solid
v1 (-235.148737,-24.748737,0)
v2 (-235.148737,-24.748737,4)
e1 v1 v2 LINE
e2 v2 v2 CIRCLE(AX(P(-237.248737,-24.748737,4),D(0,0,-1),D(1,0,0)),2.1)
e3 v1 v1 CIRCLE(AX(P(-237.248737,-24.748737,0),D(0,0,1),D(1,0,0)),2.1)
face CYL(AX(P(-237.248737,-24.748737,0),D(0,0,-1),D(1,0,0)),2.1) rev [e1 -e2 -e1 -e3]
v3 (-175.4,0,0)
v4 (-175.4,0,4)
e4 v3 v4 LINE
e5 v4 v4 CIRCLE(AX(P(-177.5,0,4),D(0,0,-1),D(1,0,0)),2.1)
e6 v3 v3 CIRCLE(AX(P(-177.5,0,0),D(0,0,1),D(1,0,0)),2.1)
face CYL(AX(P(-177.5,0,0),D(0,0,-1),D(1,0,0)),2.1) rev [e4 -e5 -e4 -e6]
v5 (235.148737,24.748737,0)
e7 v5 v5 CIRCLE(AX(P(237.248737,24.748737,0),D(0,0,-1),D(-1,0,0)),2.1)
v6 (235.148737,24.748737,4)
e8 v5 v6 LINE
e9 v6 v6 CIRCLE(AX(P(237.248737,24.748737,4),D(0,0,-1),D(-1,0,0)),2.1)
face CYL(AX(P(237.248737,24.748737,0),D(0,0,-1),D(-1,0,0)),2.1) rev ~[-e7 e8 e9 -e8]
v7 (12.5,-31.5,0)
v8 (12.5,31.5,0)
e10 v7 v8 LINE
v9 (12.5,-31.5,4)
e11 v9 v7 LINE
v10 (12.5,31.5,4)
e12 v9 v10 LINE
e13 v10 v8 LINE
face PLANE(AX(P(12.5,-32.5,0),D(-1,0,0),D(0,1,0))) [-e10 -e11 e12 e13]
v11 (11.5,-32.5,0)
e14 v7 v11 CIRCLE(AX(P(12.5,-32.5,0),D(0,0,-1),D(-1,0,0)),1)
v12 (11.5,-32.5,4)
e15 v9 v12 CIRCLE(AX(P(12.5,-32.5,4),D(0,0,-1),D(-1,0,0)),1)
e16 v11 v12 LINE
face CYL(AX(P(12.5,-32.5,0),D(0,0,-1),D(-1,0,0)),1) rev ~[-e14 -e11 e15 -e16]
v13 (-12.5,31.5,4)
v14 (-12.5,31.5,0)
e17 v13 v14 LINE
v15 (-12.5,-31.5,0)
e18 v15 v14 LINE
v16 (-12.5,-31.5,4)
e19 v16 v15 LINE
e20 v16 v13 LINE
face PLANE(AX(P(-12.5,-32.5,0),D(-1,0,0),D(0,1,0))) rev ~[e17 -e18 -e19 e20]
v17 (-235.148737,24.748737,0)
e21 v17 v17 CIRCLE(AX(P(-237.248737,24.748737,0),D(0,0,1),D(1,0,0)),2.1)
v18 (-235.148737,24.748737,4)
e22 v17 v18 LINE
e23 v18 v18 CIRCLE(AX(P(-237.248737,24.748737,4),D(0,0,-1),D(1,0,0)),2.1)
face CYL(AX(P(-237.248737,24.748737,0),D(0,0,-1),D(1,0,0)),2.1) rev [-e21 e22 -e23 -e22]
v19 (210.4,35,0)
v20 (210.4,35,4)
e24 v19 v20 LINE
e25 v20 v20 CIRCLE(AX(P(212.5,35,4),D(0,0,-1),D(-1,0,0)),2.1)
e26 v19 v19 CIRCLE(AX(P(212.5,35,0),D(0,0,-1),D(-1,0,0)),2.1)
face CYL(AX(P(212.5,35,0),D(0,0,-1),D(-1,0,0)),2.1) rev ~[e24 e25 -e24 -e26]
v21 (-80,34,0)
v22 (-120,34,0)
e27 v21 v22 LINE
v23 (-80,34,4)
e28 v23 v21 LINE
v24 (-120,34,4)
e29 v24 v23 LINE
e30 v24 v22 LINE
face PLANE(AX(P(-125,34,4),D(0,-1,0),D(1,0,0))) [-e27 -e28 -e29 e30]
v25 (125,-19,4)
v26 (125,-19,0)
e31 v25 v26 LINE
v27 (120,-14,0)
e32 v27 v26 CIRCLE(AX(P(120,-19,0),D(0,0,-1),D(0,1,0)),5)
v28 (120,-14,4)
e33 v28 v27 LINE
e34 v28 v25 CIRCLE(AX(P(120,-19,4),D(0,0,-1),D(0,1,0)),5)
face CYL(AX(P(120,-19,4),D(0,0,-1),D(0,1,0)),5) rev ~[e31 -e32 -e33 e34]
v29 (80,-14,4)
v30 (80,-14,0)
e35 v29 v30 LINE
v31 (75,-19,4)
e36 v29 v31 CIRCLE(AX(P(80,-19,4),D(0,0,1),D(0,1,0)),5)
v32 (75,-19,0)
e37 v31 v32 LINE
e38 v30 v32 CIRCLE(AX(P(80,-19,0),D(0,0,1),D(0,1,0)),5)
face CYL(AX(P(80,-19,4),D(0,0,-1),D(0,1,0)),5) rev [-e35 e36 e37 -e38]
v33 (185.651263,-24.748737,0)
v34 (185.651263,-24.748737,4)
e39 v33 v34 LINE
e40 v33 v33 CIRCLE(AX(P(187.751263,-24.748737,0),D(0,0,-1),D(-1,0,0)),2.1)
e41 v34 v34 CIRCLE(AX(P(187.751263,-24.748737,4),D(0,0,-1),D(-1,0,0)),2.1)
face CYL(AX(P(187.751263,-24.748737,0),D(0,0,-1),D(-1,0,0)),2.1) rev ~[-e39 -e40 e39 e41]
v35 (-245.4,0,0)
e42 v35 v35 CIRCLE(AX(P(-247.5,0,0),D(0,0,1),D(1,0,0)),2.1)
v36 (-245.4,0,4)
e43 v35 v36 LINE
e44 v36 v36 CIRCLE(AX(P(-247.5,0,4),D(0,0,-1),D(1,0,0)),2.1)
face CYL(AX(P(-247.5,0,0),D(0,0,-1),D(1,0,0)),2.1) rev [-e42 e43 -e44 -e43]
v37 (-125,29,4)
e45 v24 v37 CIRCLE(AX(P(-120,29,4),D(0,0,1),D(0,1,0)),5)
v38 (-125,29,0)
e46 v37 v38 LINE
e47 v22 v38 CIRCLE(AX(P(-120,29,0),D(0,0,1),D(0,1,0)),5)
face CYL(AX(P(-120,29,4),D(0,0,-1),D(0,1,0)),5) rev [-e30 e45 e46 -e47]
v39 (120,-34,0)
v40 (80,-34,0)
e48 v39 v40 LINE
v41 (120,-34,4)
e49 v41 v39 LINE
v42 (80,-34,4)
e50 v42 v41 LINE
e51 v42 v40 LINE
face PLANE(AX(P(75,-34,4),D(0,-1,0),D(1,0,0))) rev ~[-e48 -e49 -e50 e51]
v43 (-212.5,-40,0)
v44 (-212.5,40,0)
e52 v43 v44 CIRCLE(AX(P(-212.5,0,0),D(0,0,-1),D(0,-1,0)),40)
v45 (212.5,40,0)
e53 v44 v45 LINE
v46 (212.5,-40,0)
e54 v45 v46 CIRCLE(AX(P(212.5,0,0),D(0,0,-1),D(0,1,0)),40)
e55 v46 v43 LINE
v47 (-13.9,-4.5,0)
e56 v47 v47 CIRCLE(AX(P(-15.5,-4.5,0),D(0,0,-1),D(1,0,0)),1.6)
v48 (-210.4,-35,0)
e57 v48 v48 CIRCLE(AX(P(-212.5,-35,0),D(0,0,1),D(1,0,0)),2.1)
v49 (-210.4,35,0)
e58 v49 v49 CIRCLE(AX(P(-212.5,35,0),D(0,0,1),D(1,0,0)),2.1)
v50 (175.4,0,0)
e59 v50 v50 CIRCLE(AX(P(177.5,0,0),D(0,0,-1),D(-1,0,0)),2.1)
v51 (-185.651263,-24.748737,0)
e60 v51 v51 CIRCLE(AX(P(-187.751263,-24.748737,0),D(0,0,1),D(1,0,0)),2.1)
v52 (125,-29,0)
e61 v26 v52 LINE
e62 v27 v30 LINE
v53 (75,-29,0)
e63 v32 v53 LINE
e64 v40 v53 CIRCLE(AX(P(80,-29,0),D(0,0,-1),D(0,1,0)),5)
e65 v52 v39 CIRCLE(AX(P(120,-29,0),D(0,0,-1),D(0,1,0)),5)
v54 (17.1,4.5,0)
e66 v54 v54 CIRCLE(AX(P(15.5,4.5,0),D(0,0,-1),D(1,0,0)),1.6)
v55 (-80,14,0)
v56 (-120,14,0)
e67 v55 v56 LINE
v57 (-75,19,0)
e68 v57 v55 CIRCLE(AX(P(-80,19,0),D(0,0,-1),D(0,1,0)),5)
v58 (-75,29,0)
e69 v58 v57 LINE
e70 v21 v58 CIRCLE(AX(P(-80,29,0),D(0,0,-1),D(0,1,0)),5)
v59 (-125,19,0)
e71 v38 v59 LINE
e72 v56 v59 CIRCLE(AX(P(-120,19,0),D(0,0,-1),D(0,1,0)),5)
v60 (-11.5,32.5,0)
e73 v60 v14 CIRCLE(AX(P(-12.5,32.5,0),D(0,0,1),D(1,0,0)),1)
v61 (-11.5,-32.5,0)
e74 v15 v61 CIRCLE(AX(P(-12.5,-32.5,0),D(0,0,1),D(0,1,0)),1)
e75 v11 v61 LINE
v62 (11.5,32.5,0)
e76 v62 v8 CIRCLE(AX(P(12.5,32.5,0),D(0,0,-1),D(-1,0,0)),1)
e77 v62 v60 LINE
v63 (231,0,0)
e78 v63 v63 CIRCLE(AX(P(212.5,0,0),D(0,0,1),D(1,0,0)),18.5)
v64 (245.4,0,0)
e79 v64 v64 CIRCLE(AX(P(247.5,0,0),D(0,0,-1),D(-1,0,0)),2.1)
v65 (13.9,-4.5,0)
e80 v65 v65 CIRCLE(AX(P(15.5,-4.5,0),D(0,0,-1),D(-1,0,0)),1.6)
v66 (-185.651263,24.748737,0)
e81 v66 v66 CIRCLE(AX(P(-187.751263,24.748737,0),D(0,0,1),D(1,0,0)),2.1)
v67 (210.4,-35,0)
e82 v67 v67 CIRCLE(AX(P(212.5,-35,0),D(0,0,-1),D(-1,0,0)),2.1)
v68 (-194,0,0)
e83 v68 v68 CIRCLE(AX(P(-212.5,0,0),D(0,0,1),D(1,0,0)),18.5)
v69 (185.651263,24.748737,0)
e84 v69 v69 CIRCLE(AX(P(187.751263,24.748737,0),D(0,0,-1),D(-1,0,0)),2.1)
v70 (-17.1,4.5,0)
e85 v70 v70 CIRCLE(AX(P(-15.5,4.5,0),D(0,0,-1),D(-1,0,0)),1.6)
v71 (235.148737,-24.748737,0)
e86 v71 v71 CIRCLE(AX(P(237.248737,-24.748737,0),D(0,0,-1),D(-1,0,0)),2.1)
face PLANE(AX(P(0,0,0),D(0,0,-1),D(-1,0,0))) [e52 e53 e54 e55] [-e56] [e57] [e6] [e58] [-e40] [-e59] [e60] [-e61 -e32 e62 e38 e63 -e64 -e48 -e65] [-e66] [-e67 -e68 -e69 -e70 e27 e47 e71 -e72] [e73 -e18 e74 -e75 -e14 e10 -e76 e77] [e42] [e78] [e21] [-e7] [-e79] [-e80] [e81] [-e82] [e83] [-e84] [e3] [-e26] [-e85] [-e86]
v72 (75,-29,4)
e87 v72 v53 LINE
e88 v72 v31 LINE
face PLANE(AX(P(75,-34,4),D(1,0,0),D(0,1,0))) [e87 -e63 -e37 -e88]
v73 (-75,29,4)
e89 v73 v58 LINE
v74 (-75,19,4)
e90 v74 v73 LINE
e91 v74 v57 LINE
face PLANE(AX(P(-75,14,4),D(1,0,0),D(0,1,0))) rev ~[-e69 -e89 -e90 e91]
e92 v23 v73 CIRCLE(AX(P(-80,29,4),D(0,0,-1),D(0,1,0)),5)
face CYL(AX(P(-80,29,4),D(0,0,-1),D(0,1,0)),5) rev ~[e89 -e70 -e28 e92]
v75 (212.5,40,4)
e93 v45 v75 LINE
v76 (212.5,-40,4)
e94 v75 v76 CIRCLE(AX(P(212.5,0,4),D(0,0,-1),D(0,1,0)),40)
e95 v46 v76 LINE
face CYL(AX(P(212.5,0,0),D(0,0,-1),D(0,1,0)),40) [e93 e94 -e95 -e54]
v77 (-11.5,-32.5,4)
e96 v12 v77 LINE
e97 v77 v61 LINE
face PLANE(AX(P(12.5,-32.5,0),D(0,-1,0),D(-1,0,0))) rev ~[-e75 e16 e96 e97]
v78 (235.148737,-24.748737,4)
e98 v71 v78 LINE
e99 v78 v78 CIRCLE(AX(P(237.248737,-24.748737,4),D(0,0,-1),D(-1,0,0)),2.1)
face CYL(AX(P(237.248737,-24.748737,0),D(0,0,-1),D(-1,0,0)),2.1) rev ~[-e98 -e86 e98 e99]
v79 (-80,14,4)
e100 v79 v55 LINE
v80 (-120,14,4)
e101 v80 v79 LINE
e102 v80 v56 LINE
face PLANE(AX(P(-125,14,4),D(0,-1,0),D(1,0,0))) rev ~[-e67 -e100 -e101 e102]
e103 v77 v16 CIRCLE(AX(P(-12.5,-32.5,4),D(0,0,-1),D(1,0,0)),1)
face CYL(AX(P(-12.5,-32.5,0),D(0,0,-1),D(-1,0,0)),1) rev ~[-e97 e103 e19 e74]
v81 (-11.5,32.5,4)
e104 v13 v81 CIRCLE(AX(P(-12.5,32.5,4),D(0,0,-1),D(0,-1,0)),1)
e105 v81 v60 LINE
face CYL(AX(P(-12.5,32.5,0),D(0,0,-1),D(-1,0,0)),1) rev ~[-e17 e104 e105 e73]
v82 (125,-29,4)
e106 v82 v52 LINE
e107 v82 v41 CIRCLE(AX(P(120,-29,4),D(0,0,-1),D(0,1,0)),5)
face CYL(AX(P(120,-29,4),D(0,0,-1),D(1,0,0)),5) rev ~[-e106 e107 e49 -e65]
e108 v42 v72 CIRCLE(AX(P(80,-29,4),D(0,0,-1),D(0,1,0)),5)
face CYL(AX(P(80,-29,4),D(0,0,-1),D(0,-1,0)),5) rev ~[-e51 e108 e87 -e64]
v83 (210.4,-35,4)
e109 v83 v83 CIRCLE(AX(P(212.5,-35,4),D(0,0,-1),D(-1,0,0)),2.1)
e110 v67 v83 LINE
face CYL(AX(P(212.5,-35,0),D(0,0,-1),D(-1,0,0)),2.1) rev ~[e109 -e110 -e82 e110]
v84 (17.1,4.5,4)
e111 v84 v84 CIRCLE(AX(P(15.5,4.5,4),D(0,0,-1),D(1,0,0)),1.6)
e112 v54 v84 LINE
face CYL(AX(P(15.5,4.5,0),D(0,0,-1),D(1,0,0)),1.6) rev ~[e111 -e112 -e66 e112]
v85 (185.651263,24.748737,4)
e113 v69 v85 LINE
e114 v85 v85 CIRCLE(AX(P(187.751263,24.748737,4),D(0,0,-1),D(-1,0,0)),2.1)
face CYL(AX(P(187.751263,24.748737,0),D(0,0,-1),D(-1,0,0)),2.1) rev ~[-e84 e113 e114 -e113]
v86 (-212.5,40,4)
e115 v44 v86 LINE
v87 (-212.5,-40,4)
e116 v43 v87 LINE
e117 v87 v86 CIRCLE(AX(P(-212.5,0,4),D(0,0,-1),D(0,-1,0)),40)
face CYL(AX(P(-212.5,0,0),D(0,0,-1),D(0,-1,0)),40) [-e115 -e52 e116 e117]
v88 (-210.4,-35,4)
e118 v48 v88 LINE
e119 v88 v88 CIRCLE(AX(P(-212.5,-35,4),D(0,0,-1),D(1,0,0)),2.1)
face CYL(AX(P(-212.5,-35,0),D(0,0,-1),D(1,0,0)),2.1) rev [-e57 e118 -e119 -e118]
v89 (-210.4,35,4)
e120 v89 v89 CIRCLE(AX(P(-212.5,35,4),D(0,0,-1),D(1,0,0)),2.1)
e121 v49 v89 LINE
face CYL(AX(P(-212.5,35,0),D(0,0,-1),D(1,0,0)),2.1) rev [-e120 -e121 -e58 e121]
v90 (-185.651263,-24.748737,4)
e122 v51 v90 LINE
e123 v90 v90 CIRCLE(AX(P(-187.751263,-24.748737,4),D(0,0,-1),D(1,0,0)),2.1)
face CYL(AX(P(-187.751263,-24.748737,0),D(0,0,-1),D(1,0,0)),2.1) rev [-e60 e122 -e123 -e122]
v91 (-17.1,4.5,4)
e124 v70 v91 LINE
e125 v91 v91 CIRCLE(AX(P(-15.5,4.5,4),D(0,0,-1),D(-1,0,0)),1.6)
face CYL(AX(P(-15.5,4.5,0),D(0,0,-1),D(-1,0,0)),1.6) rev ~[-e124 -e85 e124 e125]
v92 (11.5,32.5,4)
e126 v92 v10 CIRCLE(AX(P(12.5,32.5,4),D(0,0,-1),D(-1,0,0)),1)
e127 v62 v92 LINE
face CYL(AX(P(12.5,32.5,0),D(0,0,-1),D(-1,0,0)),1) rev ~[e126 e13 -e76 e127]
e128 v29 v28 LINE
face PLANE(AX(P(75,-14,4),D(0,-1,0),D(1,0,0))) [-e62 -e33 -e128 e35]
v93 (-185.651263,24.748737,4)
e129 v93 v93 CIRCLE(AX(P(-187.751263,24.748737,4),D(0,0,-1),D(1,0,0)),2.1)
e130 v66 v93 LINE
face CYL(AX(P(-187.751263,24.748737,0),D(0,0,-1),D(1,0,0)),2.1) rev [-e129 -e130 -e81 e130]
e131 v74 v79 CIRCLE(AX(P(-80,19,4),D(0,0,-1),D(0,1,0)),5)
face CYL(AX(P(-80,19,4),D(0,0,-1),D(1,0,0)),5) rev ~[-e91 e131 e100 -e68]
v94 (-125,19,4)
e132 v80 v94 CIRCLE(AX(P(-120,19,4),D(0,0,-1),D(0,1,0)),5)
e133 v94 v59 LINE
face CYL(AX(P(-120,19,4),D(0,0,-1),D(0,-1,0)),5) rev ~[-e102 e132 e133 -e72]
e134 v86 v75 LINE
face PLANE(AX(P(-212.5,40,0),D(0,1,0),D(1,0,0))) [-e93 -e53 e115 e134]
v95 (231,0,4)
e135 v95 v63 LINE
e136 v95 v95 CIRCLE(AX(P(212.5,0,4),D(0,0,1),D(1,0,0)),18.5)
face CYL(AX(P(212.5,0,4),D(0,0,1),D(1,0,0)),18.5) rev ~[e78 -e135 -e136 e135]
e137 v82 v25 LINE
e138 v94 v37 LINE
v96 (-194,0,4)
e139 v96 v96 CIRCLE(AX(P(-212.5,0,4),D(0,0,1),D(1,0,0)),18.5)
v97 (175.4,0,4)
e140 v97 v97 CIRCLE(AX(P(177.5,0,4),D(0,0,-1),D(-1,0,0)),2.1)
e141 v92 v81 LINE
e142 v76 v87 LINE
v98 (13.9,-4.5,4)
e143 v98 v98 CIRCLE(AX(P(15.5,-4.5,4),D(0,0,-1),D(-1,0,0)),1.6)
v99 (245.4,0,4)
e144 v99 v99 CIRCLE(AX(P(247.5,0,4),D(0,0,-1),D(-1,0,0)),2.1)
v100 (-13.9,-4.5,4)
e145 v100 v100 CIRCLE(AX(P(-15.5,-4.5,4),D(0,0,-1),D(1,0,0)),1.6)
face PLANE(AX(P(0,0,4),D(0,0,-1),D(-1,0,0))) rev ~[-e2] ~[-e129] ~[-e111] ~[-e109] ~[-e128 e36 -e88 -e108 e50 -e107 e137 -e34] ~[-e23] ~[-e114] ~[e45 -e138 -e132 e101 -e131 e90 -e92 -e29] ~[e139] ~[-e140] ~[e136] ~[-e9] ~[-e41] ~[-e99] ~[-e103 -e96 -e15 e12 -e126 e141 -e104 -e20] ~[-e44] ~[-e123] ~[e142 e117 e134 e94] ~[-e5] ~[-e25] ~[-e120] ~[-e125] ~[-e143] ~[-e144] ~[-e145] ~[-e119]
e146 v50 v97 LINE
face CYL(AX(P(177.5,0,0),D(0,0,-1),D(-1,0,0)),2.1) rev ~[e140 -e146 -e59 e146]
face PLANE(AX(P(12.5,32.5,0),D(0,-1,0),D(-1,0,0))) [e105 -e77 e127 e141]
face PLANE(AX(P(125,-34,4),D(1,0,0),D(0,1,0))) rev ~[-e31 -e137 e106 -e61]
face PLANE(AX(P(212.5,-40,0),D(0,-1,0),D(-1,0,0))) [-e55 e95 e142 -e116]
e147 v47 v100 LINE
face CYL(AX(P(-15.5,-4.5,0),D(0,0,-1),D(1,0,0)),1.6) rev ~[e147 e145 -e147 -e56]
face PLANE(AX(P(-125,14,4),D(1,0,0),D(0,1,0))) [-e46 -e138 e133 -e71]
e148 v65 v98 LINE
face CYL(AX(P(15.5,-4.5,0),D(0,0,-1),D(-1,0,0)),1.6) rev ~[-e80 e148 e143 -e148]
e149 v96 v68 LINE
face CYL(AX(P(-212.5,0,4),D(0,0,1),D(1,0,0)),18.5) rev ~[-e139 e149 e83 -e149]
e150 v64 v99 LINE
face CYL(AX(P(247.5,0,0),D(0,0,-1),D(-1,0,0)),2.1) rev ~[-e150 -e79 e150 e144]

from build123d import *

# Parameters (mm, degrees)
EXTRUDE_1_DEPTH     = 4
SKETCH_3_R          = 18.5
CUT_EXTRUDE_2_DEPTH = 256.679975751
SKETCH_6_R          = 2.1
CUT_EXTRUDE_5_DEPTH = 256.679975751
SKETCH_7_W          = 25
SKETCH_7_H          = 65
CUT_EXTRUDE_6_DEPTH = 256.679975751
SKETCH_8_R          = 1
CUT_EXTRUDE_7_DEPTH = 256.679975751
SKETCH_9_R          = 1.6
CUT_EXTRUDE_8_DEPTH = 256.679975751
SKETCH_10_W         = 50
SKETCH_10_H         = 20
CUT_EXTRUDE_9_DEPTH = 256.679975751
FILLET_2_R          = 5


with BuildPart() as part:
    # 草图1 → 凸台-拉伸1 (new body)
    with BuildSketch(Plane.XY):
        with BuildLine():
            Line((-212.5, 40), (212.5, 40))
            ThreePointArc((212.5, 40), (252.5, 0), (212.5, -40))
            Line((212.5, -40), (-212.5, -40))
            ThreePointArc((-212.5, -40), (-252.5, 0), (-212.5, 40))
        make_face()
    extrude(amount=EXTRUDE_1_DEPTH)

    # 草图3 → 切除-拉伸2 (cut, through all)
    with BuildSketch(Plane.XY.offset(4)):
        with Locations((-212.5, 0)):
            Circle(SKETCH_3_R)
        with Locations((212.5, 0)):
            Circle(SKETCH_3_R)
    extrude(amount=-CUT_EXTRUDE_2_DEPTH, mode=Mode.SUBTRACT)

    # 草图6 → 切除-拉伸5 (cut, through all)
    with BuildSketch(Plane(origin=(0, 0, 0), x_dir=(-1, 0, 0), z_dir=(0, 0, -1))):
        with Locations((-247.5, 0)):
            Circle(SKETCH_6_R)
        with Locations((-237.248737342, 24.748737342)):
            Circle(SKETCH_6_R)
        with Locations((-212.5, 35)):
            Circle(SKETCH_6_R)
        with Locations((-187.751262658, 24.748737342)):
            Circle(SKETCH_6_R)
        with Locations((-177.5, 0)):
            Circle(SKETCH_6_R)
        with Locations((-187.751262658, -24.748737342)):
            Circle(SKETCH_6_R)
        with Locations((-212.5, -35)):
            Circle(SKETCH_6_R)
        with Locations((-237.248737342, -24.748737342)):
            Circle(SKETCH_6_R)
    cut_extrude_5 = extrude(amount=-CUT_EXTRUDE_5_DEPTH, mode=Mode.SUBTRACT)

    # 镜向1: 切除-拉伸5 across plane
    add(cut_extrude_5.mirror(Plane(origin=(0, 0, 0), x_dir=(0, 0, 1), z_dir=(1, 0, 0))), mode=Mode.SUBTRACT)

    # 草图7 → 切除-拉伸6 (cut, through all)
    with BuildSketch(Plane(origin=(0, 0, 0), x_dir=(-1, 0, 0), z_dir=(0, 0, -1))):
        Rectangle(SKETCH_7_W, SKETCH_7_H)
    extrude(amount=-CUT_EXTRUDE_6_DEPTH, mode=Mode.SUBTRACT)

    # 草图8 → 切除-拉伸7 (cut, through all)
    with BuildSketch(Plane(origin=(0, 0, 0), x_dir=(-1, 0, 0), z_dir=(0, 0, -1))):
        with Locations((-12.5, 32.5)):
            Circle(SKETCH_8_R)
        with Locations((12.5, 32.5)):
            Circle(SKETCH_8_R)
        with Locations((-12.5, -32.5)):
            Circle(SKETCH_8_R)
        with Locations((12.5, -32.5)):
            Circle(SKETCH_8_R)
    extrude(amount=-CUT_EXTRUDE_7_DEPTH, mode=Mode.SUBTRACT)

    # 草图9 → 切除-拉伸8 (cut, through all)
    with BuildSketch(Plane(origin=(0, 0, 0), x_dir=(-1, 0, 0), z_dir=(0, 0, -1))):
        with Locations((-15.5, -4.5)):
            Circle(SKETCH_9_R)
        with Locations(Location((-15.5, 4.5, 0), (0, 0, 180))):
            Circle(SKETCH_9_R)
        with Locations(Location((15.5, -4.5, 0), (0, 0, 180))):
            Circle(SKETCH_9_R)
        with Locations((15.5, 4.5)):
            Circle(SKETCH_9_R)
    extrude(amount=-CUT_EXTRUDE_8_DEPTH, mode=Mode.SUBTRACT)

    # 草图10 → 切除-拉伸9 (cut, through all)
    with BuildSketch(Plane.XY.offset(4)):
        with Locations((100, -24)):
            Rectangle(SKETCH_10_W, SKETCH_10_H)
        with Locations((-100, 24)):
            Rectangle(SKETCH_10_W, SKETCH_10_H)
    extrude(amount=-CUT_EXTRUDE_9_DEPTH, mode=Mode.SUBTRACT)

    # 圆角2
    fillet_2_edges = [part.edges().sort_by_distance(p)[0] for p in [
        (75, -34, 2),
        (75, -14, 2),
        (125, -14, 2),
        (125, -34, 2),
        (-125, 34, 2),
        (-75, 34, 2),
        (-75, 14, 2),
        (-125, 14, 2),
    ]]
    fillet(fillet_2_edges, radius=FILLET_2_R)


solid = part.part
